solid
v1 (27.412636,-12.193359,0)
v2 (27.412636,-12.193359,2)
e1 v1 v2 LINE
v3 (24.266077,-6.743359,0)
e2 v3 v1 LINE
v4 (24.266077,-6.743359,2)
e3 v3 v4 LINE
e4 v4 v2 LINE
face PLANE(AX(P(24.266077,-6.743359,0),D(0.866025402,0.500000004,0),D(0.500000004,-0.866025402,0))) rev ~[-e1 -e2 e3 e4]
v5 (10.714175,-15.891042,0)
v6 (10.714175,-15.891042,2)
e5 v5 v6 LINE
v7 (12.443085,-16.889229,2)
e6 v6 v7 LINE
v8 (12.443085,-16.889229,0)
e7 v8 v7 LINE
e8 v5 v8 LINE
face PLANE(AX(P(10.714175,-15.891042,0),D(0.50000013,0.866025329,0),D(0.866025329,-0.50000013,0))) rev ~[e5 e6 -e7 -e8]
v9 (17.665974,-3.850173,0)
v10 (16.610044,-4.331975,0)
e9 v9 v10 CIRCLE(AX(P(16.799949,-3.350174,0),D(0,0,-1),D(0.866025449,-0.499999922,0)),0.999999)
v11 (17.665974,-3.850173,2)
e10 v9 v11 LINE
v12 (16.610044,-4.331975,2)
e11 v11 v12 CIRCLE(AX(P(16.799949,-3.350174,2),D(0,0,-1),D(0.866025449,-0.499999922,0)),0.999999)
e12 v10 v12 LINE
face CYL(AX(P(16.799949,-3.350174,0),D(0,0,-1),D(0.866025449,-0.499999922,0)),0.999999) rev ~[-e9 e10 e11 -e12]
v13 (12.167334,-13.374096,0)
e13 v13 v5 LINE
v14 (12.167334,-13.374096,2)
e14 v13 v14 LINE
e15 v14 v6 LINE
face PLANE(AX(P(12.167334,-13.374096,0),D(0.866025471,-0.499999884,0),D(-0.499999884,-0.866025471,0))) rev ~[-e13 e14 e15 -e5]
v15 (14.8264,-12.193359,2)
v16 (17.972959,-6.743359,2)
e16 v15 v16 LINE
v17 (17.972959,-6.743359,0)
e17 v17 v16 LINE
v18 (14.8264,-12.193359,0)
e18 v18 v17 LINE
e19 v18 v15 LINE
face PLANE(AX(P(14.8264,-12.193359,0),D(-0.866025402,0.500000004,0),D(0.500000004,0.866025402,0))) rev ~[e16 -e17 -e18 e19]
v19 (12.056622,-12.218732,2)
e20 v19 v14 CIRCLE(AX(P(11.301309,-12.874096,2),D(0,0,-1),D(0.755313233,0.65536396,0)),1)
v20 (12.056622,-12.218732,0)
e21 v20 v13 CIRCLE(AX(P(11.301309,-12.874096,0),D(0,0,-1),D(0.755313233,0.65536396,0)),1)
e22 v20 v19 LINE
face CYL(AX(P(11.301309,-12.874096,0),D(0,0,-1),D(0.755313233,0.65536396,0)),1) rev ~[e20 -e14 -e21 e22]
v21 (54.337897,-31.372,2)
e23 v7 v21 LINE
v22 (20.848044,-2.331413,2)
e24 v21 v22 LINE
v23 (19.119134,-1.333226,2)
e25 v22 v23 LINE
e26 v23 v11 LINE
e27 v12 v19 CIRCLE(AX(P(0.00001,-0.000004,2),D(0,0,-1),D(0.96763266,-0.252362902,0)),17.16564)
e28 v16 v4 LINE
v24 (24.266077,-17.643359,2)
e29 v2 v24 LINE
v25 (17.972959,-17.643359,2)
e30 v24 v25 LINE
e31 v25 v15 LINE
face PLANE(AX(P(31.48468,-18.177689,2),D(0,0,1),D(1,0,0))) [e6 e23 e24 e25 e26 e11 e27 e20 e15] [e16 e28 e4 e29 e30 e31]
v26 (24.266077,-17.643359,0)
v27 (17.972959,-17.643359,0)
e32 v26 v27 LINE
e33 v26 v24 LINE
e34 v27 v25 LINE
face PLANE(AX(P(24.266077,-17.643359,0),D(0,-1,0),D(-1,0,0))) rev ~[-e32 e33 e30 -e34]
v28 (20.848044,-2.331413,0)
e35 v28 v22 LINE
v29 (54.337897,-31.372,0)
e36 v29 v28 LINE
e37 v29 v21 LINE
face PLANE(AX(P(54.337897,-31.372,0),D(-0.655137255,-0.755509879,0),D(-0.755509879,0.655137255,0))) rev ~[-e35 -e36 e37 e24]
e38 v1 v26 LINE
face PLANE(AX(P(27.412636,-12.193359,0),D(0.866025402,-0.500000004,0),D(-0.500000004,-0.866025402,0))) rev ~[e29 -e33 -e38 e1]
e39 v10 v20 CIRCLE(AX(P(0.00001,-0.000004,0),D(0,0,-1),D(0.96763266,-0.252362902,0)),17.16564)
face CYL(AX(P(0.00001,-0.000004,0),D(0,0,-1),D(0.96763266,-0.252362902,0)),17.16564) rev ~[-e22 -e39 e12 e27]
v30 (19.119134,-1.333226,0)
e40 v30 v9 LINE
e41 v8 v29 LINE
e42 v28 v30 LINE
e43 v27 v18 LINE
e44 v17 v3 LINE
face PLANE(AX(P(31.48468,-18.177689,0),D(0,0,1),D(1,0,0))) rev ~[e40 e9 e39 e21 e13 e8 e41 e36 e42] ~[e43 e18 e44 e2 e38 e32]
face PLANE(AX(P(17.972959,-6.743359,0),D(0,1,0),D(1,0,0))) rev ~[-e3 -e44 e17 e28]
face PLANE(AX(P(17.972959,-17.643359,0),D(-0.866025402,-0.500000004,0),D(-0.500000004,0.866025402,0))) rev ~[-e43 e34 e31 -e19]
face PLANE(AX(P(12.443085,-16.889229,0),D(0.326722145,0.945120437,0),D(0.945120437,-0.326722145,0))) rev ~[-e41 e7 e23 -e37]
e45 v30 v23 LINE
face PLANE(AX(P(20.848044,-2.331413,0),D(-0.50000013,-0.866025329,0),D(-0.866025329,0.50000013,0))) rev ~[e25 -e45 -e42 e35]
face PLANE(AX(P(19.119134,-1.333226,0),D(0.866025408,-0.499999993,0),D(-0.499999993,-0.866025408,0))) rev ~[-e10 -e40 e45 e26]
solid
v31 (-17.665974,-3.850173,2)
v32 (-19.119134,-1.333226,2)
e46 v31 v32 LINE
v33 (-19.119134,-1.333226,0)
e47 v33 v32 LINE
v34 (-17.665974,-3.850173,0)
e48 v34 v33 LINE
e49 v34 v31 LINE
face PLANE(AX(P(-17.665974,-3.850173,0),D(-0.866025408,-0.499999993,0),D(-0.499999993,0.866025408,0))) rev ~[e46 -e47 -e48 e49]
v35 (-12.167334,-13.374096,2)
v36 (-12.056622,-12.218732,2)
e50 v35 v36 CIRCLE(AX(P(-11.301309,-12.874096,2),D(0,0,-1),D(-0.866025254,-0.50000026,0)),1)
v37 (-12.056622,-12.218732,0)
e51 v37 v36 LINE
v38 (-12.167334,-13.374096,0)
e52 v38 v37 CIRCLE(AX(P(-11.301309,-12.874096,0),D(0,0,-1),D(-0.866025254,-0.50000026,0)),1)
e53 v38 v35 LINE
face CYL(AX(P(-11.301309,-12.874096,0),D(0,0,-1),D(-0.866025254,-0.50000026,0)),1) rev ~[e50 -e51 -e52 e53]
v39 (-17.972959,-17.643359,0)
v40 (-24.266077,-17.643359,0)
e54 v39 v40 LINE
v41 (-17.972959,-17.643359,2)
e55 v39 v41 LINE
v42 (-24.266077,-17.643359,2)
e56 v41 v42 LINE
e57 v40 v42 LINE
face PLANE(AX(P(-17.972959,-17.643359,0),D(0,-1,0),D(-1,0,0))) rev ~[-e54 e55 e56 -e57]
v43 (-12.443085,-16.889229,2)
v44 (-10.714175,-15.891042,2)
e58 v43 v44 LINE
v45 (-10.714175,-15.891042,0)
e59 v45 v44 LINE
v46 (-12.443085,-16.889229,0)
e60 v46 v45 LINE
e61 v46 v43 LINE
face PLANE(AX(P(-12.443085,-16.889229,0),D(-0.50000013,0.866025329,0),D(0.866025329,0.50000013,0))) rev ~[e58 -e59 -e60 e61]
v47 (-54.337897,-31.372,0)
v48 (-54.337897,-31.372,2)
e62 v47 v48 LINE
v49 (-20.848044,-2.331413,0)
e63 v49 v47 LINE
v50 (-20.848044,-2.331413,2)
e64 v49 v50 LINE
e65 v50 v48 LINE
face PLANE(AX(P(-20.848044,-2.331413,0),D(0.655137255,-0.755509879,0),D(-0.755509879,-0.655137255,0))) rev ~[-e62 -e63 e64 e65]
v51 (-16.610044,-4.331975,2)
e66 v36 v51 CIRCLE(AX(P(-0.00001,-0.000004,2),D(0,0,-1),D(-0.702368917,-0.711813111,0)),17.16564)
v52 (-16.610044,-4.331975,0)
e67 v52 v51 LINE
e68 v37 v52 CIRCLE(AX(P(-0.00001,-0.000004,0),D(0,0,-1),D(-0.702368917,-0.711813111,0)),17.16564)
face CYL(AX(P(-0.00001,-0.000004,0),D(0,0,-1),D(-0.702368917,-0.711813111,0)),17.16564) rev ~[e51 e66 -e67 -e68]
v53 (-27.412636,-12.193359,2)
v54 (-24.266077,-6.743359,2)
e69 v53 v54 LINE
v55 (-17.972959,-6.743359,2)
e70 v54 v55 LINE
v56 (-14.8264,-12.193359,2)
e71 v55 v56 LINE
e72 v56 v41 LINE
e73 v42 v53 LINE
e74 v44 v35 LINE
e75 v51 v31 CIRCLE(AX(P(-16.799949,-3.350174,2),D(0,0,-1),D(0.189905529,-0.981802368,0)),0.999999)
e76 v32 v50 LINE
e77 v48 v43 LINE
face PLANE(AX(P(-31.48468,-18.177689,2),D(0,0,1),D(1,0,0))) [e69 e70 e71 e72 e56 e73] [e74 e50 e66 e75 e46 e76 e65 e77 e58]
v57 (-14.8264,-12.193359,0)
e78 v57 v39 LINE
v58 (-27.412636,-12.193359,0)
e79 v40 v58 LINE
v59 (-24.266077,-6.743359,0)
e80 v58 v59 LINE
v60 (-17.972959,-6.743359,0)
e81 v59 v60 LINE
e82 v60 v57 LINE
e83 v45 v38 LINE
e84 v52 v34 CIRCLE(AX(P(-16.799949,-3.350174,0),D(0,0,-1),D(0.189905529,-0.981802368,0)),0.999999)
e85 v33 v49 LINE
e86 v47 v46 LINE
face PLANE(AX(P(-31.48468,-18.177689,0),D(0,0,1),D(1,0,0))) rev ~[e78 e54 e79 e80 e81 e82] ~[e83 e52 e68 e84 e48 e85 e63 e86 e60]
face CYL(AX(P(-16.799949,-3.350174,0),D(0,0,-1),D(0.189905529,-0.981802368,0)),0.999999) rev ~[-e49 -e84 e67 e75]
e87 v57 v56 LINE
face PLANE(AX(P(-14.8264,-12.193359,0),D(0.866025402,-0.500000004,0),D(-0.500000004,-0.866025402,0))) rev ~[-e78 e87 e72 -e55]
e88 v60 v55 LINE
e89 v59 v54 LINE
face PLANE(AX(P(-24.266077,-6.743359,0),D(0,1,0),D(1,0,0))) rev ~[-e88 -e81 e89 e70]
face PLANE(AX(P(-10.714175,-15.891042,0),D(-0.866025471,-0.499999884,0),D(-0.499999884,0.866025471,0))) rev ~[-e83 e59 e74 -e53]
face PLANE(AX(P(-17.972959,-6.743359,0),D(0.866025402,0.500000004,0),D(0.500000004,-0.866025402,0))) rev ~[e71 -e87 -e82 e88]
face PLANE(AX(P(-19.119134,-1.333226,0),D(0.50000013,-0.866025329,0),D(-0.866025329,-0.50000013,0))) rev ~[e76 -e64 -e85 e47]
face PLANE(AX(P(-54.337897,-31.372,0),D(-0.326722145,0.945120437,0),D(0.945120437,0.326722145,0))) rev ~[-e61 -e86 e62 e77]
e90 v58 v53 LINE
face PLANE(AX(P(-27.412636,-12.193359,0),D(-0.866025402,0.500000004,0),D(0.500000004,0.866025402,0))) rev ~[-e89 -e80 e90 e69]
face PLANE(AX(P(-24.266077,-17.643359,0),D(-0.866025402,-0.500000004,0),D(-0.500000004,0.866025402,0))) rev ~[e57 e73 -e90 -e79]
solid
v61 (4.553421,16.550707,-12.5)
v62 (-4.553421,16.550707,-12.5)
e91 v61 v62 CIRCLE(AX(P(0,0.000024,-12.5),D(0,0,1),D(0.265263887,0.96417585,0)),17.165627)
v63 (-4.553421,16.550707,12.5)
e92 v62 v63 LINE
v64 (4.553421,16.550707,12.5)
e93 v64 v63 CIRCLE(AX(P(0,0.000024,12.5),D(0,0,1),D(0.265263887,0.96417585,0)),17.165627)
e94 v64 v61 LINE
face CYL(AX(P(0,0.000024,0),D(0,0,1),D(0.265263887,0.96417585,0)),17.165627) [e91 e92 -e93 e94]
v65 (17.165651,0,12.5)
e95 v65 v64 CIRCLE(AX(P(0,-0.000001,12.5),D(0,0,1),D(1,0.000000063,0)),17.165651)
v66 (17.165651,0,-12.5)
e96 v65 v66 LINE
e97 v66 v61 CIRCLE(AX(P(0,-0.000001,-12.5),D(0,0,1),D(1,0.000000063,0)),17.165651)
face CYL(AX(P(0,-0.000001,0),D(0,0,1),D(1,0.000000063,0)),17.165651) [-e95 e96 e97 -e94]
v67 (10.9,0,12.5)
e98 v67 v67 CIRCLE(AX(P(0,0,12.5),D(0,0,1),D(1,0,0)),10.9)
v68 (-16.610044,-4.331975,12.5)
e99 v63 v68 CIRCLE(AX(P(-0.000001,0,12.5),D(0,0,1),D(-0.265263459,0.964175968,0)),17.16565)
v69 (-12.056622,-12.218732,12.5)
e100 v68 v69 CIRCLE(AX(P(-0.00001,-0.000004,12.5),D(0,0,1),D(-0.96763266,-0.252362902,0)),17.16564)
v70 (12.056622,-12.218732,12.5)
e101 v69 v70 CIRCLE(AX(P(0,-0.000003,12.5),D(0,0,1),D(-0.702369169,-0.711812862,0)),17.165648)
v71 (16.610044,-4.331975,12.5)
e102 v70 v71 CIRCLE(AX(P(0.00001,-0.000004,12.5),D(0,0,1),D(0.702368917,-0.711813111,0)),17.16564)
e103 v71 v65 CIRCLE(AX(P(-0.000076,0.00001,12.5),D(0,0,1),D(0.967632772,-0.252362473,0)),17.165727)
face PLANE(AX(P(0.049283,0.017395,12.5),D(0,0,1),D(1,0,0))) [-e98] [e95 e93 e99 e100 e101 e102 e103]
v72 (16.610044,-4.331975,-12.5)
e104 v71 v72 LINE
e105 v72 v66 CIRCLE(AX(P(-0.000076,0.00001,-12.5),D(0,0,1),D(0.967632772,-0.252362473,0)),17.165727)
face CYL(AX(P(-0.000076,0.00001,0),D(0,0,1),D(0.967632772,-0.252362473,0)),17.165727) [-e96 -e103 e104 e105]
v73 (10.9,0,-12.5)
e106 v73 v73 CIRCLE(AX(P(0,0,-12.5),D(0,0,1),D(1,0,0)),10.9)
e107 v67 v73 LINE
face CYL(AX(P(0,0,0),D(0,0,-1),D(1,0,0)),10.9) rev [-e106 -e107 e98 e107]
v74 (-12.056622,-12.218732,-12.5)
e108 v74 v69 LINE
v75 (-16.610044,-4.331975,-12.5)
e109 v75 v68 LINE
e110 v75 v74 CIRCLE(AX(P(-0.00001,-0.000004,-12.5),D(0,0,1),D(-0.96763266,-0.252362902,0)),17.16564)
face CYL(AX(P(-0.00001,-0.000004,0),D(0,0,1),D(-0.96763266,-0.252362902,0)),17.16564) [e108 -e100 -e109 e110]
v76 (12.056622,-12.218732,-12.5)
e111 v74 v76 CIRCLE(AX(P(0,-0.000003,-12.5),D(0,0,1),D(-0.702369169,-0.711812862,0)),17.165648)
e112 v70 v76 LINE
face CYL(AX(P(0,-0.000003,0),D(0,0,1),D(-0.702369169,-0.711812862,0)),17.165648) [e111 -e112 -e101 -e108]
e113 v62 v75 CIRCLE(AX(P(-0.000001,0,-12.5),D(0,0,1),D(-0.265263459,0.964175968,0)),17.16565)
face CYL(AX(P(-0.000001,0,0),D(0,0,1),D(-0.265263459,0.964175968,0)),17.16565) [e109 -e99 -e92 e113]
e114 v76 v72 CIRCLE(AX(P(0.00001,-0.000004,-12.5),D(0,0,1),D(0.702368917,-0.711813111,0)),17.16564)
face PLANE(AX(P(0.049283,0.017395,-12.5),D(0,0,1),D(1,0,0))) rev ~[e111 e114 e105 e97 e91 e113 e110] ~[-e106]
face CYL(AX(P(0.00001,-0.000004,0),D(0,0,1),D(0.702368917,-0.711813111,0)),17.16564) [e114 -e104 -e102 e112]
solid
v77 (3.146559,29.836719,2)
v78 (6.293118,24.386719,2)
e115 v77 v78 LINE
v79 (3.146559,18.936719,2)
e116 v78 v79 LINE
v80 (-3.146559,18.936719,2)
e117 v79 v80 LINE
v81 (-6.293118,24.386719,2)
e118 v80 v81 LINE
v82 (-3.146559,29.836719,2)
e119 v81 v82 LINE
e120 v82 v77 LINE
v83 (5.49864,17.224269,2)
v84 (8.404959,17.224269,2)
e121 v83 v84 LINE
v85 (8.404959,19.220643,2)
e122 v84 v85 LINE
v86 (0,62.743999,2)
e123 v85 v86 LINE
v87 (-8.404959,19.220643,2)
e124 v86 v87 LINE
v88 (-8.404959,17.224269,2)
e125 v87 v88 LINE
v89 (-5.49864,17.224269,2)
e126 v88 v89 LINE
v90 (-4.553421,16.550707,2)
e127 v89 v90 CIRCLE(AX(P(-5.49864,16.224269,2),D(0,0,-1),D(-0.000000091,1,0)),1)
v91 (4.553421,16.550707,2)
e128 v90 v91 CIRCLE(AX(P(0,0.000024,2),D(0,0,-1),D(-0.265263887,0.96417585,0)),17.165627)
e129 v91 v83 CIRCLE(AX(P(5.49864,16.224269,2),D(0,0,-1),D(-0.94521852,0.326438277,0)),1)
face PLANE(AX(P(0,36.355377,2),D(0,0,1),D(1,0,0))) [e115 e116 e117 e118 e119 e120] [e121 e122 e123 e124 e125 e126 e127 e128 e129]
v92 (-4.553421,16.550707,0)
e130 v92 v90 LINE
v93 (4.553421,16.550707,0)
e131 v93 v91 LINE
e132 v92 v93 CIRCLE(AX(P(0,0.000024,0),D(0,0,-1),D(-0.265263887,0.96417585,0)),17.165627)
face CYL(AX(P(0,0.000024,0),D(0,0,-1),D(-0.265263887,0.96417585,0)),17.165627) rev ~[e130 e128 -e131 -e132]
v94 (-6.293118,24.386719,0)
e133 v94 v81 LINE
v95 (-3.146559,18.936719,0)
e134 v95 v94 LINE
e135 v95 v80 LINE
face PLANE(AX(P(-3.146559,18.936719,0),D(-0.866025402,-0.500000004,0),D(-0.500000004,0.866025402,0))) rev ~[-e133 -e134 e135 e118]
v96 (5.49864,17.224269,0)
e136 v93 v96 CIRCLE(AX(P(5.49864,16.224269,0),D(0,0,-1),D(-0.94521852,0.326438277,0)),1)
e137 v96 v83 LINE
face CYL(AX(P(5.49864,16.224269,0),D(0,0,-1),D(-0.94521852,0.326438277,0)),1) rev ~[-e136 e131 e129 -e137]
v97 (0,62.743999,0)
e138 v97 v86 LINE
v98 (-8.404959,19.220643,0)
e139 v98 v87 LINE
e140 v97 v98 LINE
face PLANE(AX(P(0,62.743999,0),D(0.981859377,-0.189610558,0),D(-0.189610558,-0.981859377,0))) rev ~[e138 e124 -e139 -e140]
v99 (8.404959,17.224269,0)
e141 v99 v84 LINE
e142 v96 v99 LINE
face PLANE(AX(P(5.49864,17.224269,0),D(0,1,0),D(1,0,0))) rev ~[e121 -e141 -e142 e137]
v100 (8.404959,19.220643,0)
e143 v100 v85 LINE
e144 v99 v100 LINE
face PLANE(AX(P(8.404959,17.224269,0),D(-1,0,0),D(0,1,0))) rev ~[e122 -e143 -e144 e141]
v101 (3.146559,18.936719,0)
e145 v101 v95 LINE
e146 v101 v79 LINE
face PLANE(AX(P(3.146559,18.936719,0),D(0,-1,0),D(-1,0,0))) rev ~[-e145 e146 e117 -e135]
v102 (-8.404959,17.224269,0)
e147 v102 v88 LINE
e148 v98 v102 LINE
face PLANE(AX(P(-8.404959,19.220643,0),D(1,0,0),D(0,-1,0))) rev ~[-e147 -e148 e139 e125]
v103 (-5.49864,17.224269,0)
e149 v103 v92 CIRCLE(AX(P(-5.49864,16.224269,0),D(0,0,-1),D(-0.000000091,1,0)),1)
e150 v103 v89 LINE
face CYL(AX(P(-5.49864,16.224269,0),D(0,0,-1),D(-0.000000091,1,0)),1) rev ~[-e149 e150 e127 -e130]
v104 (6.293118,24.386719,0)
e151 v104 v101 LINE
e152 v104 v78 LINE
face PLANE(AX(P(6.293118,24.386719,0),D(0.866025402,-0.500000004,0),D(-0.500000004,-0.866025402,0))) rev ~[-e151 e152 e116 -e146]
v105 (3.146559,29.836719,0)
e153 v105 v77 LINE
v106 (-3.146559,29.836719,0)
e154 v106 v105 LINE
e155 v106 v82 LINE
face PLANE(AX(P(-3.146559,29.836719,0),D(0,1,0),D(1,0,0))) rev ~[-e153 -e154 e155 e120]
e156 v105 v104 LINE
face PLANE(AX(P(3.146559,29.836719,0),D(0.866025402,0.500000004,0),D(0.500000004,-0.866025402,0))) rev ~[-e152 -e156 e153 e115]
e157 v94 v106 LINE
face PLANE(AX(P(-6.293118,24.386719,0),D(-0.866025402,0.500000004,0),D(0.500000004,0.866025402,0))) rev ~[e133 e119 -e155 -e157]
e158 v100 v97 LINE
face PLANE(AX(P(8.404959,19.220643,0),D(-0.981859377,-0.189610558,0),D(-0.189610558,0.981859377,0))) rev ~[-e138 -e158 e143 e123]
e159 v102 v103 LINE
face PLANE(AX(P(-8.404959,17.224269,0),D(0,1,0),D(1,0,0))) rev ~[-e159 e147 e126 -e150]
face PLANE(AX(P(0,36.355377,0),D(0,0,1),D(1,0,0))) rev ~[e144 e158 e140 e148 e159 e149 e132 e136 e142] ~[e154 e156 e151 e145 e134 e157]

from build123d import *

# Parameters (mm, degrees)
F1_DEPTH = 2
F0_R     = 10.9
F2_DEPTH = 12.5


with BuildPart() as f1:
    # F0 (on Top) → F1 (new body)
    with BuildSketch(Plane.XY):
        with BuildLine():
            ThreePointArc((-12.056622, -12.218732), (-14.86589, -8.582825), (-16.610044, -4.331975))
            ThreePointArc((-16.610044, -4.331975), (-17.215061, -4.259943), (-17.665974, -3.850173))
            Line((-17.665974, -3.850173), (-19.119134, -1.333226))
            Line((-19.119134, -1.333226), (-20.848044, -2.331413))
            Line((-20.848044, -2.331413), (-54.337897, -31.372))
            Line((-54.337897, -31.372), (-12.443085, -16.889229))
            Line((-12.443085, -16.889229), (-10.714175, -15.891042))
            Line((-10.714175, -15.891042), (-12.167334, -13.374096))
            ThreePointArc((-12.167334, -13.374096), (-12.296749, -12.778709), (-12.056622, -12.218732))
        make_face()
        Polygon((-24.266077, -17.643359), (-27.412636, -12.193359), (-24.266077, -6.743359), (-17.972959, -6.743359), (-14.8264, -12.193359), (-17.972959, -17.643359), align=None, mode=Mode.SUBTRACT)
        with BuildLine():
            ThreePointArc((17.665974, -3.850173), (17.215061, -4.259943), (16.610044, -4.331975))
            ThreePointArc((16.610044, -4.331975), (14.86589, -8.582825), (12.056622, -12.218732))
            ThreePointArc((12.056622, -12.218732), (12.296749, -12.778709), (12.167334, -13.374096))
            Line((12.167334, -13.374096), (10.714175, -15.891042))
            Line((10.714175, -15.891042), (12.443085, -16.889229))
            Line((12.443085, -16.889229), (54.337897, -31.372))
            Line((54.337897, -31.372), (20.848044, -2.331413))
            Line((20.848044, -2.331413), (19.119134, -1.333226))
            Line((19.119134, -1.333226), (17.665974, -3.850173))
        make_face()
        Polygon((27.412636, -12.193359), (24.266077, -17.643359), (17.972959, -17.643359), (14.8264, -12.193359), (17.972959, -6.743359), (24.266077, -6.743359), align=None, mode=Mode.SUBTRACT)
        with BuildLine():
            Line((-8.404959, 17.224269), (-5.49864, 17.224269))
            ThreePointArc((-5.49864, 17.224269), (-4.918312, 17.038652), (-4.553421, 16.550707))
            ThreePointArc((-4.553421, 16.550707), (0, 17.165651), (4.553421, 16.550707))
            ThreePointArc((4.553421, 16.550707), (4.918312, 17.038652), (5.49864, 17.224269))
            Line((5.49864, 17.224269), (8.404959, 17.224269))
            Line((8.404959, 17.224269), (8.404959, 19.220643))
            Line((8.404959, 19.220643), (0, 62.743999))
            Line((0, 62.743999), (-8.404959, 19.220643))
            Line((-8.404959, 19.220643), (-8.404959, 17.224269))
        make_face()
        Polygon((6.293118, 24.386719), (3.146559, 18.936719), (-3.146559, 18.936719), (-6.293118, 24.386719), (-3.146559, 29.836719), (3.146559, 29.836719), align=None, mode=Mode.SUBTRACT)
    extrude(amount=F1_DEPTH)


with BuildPart() as f2:
    # F0 (on Top) → F2 (new body, symmetric)
    with BuildSketch(Plane.XY):
        with BuildLine():
            ThreePointArc((4.553421, 16.550707), (0, 17.165651), (-4.553421, 16.550707))
            ThreePointArc((-4.553421, 16.550707), (-14.86589, 8.582825), (-16.610044, -4.331975))
            ThreePointArc((-16.610044, -4.331975), (-14.86589, -8.582825), (-12.056622, -12.218732))
            ThreePointArc((-12.056622, -12.218732), (0, -17.165651), (12.056622, -12.218732))
            ThreePointArc((12.056622, -12.218732), (14.86589, -8.582825), (16.610044, -4.331975))
            ThreePointArc((16.610044, -4.331975), (17.026182, -2.18373), (17.165651, 0))
            ThreePointArc((17.165651, 0), (13.653241, 10.404257), (4.553421, 16.550707))
        make_face()
        Circle(F0_R, mode=Mode.SUBTRACT)
    extrude(amount=F2_DEPTH, both=True)


solid = Compound([f1.part, f2.part])
